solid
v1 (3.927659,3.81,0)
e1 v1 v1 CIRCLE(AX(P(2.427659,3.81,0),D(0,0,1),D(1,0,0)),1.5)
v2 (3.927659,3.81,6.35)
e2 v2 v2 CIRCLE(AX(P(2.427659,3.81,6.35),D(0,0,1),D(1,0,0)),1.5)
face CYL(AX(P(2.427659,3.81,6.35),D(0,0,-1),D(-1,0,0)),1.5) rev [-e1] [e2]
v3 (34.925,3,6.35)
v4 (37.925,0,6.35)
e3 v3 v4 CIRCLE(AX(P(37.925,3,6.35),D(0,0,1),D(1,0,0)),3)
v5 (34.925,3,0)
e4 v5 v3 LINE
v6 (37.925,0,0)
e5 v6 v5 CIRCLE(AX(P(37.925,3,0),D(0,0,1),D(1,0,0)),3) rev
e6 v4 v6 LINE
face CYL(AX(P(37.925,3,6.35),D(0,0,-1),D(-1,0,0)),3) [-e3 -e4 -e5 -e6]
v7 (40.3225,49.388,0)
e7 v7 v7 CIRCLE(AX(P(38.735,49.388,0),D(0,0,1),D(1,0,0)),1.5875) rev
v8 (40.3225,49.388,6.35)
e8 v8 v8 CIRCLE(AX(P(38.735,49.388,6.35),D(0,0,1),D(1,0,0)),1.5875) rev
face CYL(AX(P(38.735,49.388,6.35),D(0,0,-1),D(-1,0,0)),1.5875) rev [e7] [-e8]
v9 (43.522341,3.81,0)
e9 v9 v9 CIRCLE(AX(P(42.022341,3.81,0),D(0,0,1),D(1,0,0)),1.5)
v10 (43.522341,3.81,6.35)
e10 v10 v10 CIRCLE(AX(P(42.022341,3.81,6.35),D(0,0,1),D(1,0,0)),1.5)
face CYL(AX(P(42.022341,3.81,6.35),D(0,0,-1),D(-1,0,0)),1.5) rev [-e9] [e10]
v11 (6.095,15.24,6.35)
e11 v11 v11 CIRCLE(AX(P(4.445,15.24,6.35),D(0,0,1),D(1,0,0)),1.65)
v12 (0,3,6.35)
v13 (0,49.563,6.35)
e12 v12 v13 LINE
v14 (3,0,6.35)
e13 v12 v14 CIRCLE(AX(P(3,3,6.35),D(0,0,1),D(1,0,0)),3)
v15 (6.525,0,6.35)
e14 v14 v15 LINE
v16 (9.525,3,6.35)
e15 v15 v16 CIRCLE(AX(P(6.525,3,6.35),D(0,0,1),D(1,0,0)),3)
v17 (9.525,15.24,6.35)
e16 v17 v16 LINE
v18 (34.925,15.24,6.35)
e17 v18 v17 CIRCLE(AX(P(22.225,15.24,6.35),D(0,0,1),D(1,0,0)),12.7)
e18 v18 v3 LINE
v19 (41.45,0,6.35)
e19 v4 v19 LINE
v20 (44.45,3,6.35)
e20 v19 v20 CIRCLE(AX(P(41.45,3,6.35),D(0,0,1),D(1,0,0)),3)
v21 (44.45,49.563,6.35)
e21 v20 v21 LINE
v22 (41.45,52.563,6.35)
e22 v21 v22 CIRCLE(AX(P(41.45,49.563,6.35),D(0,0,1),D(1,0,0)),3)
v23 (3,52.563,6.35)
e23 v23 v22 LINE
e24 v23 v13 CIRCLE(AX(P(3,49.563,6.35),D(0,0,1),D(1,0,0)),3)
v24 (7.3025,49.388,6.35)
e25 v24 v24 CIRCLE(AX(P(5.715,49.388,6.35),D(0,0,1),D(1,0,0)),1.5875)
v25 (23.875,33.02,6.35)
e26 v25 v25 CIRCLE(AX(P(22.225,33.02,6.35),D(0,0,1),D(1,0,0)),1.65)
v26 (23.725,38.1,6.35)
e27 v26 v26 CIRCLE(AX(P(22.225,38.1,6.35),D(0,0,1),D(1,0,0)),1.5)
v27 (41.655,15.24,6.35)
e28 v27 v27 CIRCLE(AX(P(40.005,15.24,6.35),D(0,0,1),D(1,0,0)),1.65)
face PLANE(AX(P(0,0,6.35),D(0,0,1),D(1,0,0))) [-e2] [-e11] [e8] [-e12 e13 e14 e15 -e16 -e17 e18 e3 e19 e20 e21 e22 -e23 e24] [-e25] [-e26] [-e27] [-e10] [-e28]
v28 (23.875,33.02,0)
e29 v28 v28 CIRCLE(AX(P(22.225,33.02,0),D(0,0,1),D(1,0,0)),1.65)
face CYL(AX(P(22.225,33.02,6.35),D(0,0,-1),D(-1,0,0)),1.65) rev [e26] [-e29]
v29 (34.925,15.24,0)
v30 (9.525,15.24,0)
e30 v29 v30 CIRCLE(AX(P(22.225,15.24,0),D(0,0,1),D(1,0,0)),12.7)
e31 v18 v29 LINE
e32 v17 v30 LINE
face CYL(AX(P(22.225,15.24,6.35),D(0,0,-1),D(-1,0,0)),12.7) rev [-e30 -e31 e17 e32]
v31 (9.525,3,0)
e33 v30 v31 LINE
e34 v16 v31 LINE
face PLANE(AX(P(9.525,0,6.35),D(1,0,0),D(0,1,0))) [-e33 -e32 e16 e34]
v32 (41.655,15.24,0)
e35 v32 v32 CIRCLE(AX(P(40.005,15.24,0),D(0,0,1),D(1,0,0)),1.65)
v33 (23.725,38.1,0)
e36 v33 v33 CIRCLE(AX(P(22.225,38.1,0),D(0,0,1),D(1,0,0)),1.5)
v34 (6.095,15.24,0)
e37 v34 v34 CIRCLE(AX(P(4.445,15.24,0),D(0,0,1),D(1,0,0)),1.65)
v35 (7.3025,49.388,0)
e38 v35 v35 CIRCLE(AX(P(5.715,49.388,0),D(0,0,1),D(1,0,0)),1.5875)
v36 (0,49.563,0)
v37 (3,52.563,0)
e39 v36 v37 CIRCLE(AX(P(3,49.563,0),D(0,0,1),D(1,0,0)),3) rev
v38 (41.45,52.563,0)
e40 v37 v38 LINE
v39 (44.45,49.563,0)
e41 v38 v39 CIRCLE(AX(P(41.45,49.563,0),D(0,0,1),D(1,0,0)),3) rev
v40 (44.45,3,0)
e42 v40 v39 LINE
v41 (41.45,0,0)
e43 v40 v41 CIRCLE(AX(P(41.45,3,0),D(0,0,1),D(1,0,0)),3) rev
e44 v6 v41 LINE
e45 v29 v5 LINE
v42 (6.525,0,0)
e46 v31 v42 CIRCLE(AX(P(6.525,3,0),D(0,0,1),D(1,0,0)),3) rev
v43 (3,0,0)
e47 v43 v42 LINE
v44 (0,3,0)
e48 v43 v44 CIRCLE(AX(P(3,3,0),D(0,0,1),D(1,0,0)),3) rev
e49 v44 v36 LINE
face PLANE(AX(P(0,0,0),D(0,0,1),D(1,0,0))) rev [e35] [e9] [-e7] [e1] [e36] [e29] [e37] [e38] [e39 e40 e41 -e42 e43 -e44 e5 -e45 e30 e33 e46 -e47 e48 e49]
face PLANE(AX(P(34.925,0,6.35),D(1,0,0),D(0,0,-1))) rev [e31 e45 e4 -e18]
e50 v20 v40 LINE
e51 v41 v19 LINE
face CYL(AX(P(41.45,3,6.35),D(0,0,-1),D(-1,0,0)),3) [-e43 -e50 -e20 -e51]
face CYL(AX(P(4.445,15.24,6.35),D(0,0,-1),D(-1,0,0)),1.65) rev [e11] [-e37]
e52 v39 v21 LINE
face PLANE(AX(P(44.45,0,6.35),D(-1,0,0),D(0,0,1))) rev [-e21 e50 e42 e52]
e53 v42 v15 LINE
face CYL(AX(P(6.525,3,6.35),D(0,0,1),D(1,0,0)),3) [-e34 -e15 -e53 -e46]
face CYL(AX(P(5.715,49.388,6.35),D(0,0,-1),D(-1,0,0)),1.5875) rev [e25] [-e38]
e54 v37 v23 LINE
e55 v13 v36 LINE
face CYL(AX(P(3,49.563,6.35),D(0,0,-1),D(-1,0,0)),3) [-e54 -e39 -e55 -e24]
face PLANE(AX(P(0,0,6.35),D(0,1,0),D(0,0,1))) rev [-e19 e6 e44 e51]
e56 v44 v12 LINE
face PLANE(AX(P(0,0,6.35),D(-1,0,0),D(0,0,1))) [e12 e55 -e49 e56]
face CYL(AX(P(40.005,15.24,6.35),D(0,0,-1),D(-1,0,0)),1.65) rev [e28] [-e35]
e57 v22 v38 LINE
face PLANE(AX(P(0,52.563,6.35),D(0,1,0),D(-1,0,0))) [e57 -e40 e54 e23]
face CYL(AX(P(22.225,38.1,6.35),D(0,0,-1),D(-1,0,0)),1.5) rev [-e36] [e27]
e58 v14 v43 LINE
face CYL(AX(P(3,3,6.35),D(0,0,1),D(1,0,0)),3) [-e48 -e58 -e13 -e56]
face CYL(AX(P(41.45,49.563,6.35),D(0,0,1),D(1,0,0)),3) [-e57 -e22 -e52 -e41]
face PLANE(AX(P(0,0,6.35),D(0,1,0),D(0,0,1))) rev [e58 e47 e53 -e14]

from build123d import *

# Parameters (mm, degrees)
SKETCH1_R           = 1.5875
SKETCH1_R_2         = 1.65
SKETCH1_R_3         = 1.5
BOSS_EXTRUDE1_DEPTH = 6.35
FILLET1_R           = 3


with BuildPart() as part:
    # Sketch1 → Boss-Extrude1 (new body)
    with BuildSketch(Plane.XY):
        with BuildLine():
            Line((0, 0), (9.525, 0))
            Line((9.525, 0), (9.525, 15.24))
            ThreePointArc((9.525, 15.24), (22.225, 27.94), (34.925, 15.24))
            Line((34.925, 15.24), (34.925, 0))
            Line((34.925, 0), (44.45, 0))
            Line((44.45, 0), (44.45, 52.563))
            Line((44.45, 52.563), (0, 52.563))
            Line((0, 52.563), (0, 0))
        make_face()
        with Locations((5.715, 49.388)):
            Circle(SKETCH1_R, mode=Mode.SUBTRACT)
        with Locations((38.735, 49.388)):
            Circle(SKETCH1_R, mode=Mode.SUBTRACT)
        with Locations((4.445, 15.24)):
            Circle(SKETCH1_R_2, mode=Mode.SUBTRACT)
        with Locations((22.225, 33.02)):
            Circle(SKETCH1_R_2, mode=Mode.SUBTRACT)
        with Locations((40.005, 15.24)):
            Circle(SKETCH1_R_2, mode=Mode.SUBTRACT)
        with Locations((22.225, 38.1)):
            Circle(SKETCH1_R_3, mode=Mode.SUBTRACT)
        with Locations((42.022340731, 3.81)):
            Circle(SKETCH1_R_3, mode=Mode.SUBTRACT)
        with Locations((2.427659269, 3.81)):
            Circle(SKETCH1_R_3, mode=Mode.SUBTRACT)
    extrude(amount=BOSS_EXTRUDE1_DEPTH)

    # Fillet1
    fillet1_edges = [part.edges().sort_by_distance(p)[0] for p in [
        (9.525, 0, 3.175),
        (0, 0, 3.175),
        (0, 52.563, 3.175),
        (44.45, 52.563, 3.175),
        (44.45, 0, 3.175),
        (34.925, 0, 3.175),
    ]]
    fillet(fillet1_edges, radius=FILLET1_R)


solid = part.part
